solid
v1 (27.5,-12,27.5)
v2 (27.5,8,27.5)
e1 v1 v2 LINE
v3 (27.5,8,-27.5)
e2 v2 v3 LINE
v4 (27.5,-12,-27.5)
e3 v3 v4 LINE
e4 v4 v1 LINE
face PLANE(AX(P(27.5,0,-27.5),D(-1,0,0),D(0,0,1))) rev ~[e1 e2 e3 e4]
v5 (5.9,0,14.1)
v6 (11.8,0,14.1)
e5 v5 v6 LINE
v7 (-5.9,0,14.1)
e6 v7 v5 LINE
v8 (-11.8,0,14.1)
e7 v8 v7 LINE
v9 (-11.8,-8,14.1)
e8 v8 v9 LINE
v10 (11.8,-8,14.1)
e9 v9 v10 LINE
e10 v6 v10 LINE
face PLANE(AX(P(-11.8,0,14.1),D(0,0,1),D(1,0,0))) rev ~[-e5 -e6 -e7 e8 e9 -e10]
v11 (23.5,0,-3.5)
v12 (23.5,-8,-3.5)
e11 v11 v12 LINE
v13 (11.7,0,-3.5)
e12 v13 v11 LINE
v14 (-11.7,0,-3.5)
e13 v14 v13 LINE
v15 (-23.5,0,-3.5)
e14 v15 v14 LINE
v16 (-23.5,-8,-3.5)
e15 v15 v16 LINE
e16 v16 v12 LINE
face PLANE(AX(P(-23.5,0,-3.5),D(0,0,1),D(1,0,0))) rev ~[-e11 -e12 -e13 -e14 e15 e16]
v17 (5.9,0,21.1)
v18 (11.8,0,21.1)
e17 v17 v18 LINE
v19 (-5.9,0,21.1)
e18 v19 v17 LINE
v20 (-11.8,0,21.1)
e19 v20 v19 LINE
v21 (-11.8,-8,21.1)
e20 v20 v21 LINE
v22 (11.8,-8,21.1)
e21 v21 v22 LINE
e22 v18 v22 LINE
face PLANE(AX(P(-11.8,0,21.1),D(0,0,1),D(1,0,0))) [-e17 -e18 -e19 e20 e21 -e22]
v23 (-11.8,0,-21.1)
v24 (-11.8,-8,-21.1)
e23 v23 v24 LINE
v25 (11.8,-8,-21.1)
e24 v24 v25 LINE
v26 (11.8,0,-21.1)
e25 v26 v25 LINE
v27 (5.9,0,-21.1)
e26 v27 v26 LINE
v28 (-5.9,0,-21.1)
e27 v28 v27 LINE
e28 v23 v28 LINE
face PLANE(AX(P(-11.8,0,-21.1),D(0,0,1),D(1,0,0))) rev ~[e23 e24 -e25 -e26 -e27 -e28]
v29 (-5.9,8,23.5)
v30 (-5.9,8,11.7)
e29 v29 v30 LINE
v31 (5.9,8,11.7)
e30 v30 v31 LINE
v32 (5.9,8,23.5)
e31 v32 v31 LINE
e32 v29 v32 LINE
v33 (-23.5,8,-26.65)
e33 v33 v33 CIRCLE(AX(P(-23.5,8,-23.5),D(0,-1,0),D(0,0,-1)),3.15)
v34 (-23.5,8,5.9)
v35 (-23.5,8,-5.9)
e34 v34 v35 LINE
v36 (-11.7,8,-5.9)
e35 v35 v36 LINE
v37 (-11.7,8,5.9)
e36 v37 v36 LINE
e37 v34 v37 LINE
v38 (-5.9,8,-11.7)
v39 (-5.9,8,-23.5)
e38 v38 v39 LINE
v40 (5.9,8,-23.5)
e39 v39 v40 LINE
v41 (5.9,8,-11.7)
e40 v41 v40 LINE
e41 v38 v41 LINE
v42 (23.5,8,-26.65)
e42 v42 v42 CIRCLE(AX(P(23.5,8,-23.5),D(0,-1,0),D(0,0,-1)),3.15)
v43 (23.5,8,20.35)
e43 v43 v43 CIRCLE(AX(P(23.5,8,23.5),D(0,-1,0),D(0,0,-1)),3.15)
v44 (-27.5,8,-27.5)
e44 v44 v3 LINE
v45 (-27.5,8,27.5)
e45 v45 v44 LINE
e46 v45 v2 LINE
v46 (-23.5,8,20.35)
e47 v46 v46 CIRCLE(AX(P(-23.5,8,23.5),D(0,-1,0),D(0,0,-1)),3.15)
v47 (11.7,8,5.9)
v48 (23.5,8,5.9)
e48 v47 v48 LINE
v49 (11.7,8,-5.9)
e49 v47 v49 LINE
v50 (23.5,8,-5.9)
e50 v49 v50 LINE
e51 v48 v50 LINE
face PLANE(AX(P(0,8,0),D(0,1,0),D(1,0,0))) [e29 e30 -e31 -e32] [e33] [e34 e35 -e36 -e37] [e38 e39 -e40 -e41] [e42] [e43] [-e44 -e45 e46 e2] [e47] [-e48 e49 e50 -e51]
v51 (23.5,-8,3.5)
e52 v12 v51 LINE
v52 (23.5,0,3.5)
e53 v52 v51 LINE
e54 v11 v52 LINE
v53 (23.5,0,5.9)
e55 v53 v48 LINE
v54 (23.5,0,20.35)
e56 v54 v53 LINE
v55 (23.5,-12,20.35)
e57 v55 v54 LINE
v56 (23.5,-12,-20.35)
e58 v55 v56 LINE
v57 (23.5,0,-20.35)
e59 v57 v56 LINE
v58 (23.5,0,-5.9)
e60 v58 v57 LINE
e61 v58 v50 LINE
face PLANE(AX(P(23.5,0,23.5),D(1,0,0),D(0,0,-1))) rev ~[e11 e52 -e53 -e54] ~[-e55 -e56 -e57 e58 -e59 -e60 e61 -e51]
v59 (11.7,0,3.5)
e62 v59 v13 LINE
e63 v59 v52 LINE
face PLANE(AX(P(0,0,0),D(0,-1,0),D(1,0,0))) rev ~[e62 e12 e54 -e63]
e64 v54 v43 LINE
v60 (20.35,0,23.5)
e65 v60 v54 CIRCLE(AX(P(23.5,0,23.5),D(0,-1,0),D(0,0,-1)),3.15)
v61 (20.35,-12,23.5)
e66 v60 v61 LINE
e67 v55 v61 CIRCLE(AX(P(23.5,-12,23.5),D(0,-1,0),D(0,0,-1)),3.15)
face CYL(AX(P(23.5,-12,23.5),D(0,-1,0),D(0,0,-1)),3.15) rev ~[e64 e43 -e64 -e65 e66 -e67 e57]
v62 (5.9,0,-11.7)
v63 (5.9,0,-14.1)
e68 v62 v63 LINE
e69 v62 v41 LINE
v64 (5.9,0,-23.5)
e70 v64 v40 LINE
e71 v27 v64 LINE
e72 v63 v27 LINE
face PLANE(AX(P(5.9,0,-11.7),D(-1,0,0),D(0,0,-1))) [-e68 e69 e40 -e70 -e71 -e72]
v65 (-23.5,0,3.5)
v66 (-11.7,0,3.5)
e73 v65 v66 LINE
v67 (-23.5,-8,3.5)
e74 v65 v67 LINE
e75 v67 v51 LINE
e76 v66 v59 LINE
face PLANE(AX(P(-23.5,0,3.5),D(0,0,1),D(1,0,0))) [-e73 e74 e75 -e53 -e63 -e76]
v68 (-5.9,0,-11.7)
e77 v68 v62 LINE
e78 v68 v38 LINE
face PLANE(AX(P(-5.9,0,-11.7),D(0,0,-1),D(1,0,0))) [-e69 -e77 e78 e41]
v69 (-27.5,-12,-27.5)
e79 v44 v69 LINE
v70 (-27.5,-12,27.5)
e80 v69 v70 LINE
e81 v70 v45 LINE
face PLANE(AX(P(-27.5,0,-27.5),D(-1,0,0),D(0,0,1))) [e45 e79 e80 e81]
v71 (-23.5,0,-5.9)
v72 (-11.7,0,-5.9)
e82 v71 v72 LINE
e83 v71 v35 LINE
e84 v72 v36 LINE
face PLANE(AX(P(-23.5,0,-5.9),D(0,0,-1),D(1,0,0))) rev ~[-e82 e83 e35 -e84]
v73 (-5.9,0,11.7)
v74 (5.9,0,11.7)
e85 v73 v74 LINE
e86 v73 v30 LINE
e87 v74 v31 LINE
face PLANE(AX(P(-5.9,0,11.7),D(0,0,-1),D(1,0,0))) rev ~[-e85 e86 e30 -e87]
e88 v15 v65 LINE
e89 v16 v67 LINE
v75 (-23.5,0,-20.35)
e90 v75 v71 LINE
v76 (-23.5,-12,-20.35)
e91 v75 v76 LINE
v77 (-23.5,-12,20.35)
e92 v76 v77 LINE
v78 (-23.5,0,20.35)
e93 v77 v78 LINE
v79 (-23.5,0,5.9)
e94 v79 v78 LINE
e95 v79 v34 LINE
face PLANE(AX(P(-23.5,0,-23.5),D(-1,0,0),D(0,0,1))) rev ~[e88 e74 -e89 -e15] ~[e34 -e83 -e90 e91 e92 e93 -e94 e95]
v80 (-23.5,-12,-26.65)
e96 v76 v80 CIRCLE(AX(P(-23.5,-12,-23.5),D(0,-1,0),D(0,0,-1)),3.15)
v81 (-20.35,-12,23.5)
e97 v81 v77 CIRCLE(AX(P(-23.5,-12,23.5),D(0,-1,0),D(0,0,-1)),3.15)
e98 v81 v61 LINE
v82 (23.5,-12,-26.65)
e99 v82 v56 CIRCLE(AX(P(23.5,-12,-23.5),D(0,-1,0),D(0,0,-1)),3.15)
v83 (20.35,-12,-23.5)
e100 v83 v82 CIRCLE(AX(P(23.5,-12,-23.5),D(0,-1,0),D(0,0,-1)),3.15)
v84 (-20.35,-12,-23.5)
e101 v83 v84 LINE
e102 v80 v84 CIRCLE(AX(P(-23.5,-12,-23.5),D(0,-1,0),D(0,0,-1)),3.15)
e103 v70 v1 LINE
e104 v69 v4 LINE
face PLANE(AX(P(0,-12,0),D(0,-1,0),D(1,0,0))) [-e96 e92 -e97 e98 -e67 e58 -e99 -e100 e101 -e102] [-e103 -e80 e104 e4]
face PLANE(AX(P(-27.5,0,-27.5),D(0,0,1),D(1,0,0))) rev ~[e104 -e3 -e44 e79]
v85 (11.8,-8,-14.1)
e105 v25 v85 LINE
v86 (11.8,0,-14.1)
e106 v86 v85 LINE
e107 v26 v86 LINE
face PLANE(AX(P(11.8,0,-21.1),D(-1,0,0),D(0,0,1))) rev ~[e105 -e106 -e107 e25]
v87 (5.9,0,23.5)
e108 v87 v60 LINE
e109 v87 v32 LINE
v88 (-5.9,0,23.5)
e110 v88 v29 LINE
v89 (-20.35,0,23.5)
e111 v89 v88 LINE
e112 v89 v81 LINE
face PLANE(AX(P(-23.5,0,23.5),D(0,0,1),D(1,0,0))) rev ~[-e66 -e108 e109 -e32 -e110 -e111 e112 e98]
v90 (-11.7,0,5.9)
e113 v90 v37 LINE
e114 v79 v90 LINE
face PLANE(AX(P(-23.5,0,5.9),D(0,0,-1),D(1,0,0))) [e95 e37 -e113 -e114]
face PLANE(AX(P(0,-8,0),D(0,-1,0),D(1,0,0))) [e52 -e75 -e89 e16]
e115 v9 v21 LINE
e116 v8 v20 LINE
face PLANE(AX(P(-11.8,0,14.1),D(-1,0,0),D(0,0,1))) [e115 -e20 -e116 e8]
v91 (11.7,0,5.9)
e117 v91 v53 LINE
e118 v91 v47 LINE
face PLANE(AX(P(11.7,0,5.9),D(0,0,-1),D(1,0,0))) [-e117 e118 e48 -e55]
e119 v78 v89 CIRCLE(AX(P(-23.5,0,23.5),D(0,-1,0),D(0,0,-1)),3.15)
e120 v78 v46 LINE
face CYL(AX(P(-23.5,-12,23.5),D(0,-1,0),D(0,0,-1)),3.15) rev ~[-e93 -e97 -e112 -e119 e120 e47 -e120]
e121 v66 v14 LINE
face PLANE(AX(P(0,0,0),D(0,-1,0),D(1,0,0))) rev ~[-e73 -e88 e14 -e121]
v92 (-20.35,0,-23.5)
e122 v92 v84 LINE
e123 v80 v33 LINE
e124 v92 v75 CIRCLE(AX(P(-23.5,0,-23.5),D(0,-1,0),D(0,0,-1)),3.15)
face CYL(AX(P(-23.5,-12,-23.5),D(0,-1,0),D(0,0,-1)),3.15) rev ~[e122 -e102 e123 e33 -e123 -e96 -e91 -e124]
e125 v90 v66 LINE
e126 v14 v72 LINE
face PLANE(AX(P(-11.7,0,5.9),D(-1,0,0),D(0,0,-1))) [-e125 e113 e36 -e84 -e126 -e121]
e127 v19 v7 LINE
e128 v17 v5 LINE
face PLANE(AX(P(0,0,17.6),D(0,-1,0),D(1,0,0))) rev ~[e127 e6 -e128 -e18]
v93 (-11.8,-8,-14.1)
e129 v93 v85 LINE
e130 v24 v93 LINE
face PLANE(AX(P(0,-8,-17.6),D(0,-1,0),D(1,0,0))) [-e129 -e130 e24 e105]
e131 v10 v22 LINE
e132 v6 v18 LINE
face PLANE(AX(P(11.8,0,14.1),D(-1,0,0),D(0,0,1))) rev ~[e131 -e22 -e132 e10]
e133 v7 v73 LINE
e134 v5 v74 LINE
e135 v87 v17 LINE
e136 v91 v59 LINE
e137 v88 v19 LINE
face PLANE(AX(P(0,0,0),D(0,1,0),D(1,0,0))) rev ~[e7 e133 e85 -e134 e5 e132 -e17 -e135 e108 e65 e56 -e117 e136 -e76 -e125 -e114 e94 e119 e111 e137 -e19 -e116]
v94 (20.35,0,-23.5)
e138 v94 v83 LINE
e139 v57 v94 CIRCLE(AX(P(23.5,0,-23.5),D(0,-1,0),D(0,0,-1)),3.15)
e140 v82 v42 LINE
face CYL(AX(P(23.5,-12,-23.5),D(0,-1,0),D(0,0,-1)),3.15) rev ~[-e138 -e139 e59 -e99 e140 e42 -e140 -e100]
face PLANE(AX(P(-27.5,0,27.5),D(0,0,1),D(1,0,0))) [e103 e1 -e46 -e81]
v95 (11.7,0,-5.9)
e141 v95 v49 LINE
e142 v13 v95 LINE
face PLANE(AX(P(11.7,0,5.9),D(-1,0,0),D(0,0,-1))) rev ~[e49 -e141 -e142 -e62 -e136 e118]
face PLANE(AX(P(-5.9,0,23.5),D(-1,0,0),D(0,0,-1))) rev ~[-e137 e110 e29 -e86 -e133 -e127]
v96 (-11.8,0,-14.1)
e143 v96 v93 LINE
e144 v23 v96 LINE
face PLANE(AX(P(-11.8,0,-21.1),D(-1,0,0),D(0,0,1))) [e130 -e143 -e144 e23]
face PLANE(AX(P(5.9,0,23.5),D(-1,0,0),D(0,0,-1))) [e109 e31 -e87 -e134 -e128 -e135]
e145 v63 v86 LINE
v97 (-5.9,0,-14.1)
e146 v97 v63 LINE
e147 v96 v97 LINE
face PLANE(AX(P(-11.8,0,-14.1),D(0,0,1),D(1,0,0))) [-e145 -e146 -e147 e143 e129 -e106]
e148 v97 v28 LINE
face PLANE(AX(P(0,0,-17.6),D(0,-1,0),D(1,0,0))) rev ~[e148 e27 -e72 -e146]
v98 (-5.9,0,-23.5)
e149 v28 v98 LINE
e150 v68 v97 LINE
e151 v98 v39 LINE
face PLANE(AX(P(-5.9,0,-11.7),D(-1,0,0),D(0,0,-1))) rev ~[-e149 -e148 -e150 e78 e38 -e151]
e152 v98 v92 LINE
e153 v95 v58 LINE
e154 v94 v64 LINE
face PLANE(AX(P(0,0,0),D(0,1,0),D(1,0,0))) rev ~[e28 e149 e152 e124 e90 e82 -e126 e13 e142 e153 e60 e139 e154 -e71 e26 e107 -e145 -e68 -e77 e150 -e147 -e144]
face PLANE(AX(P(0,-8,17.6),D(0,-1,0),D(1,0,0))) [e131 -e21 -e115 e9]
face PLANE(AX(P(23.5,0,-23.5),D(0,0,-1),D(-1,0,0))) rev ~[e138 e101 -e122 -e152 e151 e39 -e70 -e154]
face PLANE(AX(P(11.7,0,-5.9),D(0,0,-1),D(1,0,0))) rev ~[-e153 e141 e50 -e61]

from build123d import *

# Parameters (mm, degrees)
SKETCH1_W           = 55
SKETCH1_H           = 55
SKETCH1_W_2         = 11.8
SKETCH1_H_2         = 11.8
BOSS_EXTRUDE1_DEPTH = 8
SKETCH2_W           = 55
SKETCH2_H           = 55
BOSS_EXTRUDE7_DEPTH = 12
SKETCH2_5_W         = 23.6
SKETCH2_5_H         = 7
SKETCH2_5_W_2       = 47
BOSS_EXTRUDE8_DEPTH = 8
SKETCH6_R           = 3.15
CUT_EXTRUDE1_DEPTH  = 44.732139211


with BuildPart() as part:
    # Sketch1 → Boss-Extrude1 (new body)
    with BuildSketch(Plane(origin=(0, 0, 0), x_dir=(1, 0, 0), z_dir=(0, 1, 0))):
        Rectangle(SKETCH1_W, SKETCH1_H)
        with Locations((0, 17.6)):
            Rectangle(SKETCH1_W_2, SKETCH1_H_2, mode=Mode.SUBTRACT)
        with Locations((17.6, 0)):
            Rectangle(SKETCH1_W_2, SKETCH1_H_2, mode=Mode.SUBTRACT)
        with Locations((-17.6, 0)):
            Rectangle(SKETCH1_W_2, SKETCH1_H_2, mode=Mode.SUBTRACT)
        with Locations((0, -17.6)):
            Rectangle(SKETCH1_W_2, SKETCH1_H_2, mode=Mode.SUBTRACT)
    extrude(amount=BOSS_EXTRUDE1_DEPTH)

    # Sketch2 → Boss-Extrude7 (add)
    with BuildSketch(Plane.XZ):
        Rectangle(SKETCH2_W, SKETCH2_H)
        Polygon((-23.5, 23.5), (-5.9, 23.5), (5.9, 23.5), (23.5, 23.5), (23.5, 5.9), (23.5, 3.5), (23.5, -3.5), (23.5, -5.9), (23.5, -23.5), (5.9, -23.5), (-5.9, -23.5), (-23.5, -23.5), (-23.5, -5.9), (-23.5, -3.5), (-23.5, 3.5), (-23.5, 5.9), align=None, mode=Mode.SUBTRACT)
    extrude(amount=BOSS_EXTRUDE7_DEPTH)

    # Sketch2<5> → Boss-Extrude8 (add)
    with BuildSketch(Plane.XZ):
        with Locations((0, 17.6)):
            Rectangle(SKETCH2_5_W, SKETCH2_5_H)
        Rectangle(SKETCH2_5_W_2, SKETCH2_5_H)
        with Locations((0, -17.6)):
            Rectangle(SKETCH2_5_W, SKETCH2_5_H)
    extrude(amount=BOSS_EXTRUDE8_DEPTH)

    # Sketch6 → Cut-Extrude1 (cut, through all)
    with BuildSketch(Plane.XZ.offset(12)):
        with Locations((-23.5, 23.5)):
            Circle(SKETCH6_R)
        with Locations((23.5, 23.5)):
            Circle(SKETCH6_R)
        with Locations((-23.5, -23.5)):
            Circle(SKETCH6_R)
        with Locations((23.5, -23.5)):
            Circle(SKETCH6_R)
    extrude(amount=-CUT_EXTRUDE1_DEPTH, mode=Mode.SUBTRACT)


solid = part.part
